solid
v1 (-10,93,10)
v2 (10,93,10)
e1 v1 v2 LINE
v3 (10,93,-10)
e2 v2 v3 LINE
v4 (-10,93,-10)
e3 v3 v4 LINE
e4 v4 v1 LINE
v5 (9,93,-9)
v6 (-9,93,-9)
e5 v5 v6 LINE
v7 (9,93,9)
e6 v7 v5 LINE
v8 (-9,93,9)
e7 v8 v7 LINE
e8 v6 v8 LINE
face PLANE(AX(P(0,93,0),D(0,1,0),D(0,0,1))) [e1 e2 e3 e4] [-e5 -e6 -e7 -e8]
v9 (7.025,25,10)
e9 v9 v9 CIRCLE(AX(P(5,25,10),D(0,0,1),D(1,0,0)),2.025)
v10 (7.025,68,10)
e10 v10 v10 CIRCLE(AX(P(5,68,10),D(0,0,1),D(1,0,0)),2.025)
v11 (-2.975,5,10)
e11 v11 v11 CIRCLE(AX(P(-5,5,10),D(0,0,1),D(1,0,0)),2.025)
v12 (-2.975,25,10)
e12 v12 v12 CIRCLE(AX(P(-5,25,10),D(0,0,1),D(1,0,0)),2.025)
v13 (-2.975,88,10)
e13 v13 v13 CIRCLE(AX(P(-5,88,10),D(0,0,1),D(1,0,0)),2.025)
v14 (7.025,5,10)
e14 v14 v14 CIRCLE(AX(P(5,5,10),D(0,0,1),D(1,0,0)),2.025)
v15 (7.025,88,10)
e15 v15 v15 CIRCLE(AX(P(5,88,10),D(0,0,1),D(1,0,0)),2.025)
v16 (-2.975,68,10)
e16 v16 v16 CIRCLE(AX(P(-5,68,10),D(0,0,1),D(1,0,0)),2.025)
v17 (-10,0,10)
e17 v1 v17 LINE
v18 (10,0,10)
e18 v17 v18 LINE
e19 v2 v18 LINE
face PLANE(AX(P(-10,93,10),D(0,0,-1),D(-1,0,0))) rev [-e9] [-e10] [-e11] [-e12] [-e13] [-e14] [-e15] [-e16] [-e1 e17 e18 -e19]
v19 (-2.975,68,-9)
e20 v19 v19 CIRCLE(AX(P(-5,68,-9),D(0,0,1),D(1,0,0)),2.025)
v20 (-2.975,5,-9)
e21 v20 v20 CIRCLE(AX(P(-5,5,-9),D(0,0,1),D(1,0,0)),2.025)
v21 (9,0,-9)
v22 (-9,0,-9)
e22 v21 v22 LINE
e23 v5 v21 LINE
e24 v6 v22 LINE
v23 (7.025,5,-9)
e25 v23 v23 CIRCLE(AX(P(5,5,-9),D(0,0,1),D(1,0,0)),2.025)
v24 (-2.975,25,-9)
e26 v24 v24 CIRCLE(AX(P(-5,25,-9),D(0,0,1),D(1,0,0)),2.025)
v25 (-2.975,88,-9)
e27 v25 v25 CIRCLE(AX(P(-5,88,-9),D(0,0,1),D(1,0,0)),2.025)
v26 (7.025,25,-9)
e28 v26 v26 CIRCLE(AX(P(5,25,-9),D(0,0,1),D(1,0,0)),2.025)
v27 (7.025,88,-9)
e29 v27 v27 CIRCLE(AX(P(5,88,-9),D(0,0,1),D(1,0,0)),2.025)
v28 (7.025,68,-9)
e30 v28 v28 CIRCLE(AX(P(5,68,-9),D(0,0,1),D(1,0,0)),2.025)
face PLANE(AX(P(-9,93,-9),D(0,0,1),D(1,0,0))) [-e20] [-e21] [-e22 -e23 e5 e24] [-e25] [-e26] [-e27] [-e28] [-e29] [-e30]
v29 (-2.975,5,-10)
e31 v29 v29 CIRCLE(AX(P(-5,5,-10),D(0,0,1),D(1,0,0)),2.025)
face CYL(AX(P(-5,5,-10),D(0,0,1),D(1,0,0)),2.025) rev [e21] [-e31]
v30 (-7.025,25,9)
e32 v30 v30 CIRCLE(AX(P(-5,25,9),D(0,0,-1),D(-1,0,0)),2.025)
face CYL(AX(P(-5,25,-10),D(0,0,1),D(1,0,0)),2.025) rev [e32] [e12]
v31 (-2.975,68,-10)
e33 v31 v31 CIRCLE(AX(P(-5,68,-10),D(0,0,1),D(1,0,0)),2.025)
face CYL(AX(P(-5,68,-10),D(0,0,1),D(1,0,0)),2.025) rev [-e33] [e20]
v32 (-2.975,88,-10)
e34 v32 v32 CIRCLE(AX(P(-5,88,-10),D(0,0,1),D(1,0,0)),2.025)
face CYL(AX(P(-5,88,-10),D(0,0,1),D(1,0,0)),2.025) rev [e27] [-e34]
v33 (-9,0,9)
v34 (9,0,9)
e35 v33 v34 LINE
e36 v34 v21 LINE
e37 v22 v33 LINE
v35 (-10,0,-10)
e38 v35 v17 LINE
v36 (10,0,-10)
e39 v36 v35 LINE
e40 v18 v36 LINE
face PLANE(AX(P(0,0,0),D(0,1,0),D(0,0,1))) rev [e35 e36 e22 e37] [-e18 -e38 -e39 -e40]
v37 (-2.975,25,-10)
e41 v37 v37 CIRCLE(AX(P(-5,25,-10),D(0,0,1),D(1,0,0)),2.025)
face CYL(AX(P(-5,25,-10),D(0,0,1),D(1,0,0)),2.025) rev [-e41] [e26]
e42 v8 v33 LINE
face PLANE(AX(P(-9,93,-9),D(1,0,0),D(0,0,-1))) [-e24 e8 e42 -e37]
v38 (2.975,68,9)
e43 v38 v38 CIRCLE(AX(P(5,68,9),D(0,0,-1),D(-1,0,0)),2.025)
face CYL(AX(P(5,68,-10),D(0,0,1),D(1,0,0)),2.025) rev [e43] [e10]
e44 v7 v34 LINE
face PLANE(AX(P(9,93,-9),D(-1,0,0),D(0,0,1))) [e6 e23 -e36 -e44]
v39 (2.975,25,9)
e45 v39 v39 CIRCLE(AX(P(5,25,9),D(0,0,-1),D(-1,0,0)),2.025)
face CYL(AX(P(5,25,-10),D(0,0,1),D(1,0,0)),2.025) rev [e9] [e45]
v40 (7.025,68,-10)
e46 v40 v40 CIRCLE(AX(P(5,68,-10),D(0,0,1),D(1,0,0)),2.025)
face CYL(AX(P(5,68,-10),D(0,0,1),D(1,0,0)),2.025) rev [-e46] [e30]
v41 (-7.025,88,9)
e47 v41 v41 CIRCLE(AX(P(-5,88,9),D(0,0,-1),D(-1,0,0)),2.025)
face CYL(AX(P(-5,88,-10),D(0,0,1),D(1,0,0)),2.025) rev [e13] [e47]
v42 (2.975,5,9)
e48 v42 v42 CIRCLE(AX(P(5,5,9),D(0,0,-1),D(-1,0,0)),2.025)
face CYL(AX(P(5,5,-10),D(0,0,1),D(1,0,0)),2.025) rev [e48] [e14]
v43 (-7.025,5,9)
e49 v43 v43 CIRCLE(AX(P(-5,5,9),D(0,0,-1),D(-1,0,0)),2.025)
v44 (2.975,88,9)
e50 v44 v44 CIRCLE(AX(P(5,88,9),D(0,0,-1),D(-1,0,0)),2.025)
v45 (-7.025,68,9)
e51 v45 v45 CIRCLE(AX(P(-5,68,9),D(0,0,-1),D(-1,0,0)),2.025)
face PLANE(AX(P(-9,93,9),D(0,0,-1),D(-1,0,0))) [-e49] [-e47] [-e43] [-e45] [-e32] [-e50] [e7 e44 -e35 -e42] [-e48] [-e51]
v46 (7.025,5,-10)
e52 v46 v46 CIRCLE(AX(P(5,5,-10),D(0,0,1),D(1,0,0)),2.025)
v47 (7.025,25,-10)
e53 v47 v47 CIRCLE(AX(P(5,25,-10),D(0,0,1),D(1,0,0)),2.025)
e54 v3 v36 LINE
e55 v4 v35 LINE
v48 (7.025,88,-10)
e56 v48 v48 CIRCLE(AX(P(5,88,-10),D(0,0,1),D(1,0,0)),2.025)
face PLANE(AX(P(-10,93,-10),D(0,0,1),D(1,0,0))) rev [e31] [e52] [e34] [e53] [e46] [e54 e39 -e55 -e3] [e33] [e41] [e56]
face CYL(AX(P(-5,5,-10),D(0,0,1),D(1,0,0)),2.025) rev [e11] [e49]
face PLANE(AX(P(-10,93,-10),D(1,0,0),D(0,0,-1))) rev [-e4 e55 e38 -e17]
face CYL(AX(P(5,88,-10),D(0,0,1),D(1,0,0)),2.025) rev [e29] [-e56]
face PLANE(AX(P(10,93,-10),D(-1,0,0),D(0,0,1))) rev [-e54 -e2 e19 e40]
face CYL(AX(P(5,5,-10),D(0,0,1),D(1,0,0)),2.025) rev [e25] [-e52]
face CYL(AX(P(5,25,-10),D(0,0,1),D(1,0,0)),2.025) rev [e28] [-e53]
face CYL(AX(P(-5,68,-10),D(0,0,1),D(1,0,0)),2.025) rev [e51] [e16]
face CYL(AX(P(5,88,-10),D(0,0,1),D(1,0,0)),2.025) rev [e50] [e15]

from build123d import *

# Parameters (mm, degrees)
SKETCH_1_W          = 20
SKETCH_1_H          = 20
SKETCH_1_W_2        = 18
SKETCH_1_H_2        = 18
EXTRUDE_1_DEPTH     = 93
SKETCH_2_R          = 2.025
CUT_EXTRUDE_1_DEPTH = 21


with BuildPart() as part:
    # 草图1 → 凸台-拉伸1 (new body)
    with BuildSketch(Plane(origin=(0, 0, 0), x_dir=(1, 0, 0), z_dir=(0, 1, 0))):
        Rectangle(SKETCH_1_W, SKETCH_1_H)
        Rectangle(SKETCH_1_W_2, SKETCH_1_H_2, mode=Mode.SUBTRACT)
    extrude(amount=EXTRUDE_1_DEPTH)

    # 草图2 → 切除-拉伸1 (cut, through all)
    with BuildSketch(Plane.XY.offset(10)):
        with Locations((-5, 5)):
            Circle(SKETCH_2_R)
        with Locations((-5, 25)):
            Circle(SKETCH_2_R)
        with Locations((5, 25)):
            Circle(SKETCH_2_R)
        with Locations((5, 5)):
            Circle(SKETCH_2_R)
        with Locations((5, 88)):
            Circle(SKETCH_2_R)
        with Locations((-5, 88)):
            Circle(SKETCH_2_R)
        with Locations((-5, 68)):
            Circle(SKETCH_2_R)
        with Locations((5, 68)):
            Circle(SKETCH_2_R)
    extrude(amount=-CUT_EXTRUDE_1_DEPTH, mode=Mode.SUBTRACT)


solid = part.part
